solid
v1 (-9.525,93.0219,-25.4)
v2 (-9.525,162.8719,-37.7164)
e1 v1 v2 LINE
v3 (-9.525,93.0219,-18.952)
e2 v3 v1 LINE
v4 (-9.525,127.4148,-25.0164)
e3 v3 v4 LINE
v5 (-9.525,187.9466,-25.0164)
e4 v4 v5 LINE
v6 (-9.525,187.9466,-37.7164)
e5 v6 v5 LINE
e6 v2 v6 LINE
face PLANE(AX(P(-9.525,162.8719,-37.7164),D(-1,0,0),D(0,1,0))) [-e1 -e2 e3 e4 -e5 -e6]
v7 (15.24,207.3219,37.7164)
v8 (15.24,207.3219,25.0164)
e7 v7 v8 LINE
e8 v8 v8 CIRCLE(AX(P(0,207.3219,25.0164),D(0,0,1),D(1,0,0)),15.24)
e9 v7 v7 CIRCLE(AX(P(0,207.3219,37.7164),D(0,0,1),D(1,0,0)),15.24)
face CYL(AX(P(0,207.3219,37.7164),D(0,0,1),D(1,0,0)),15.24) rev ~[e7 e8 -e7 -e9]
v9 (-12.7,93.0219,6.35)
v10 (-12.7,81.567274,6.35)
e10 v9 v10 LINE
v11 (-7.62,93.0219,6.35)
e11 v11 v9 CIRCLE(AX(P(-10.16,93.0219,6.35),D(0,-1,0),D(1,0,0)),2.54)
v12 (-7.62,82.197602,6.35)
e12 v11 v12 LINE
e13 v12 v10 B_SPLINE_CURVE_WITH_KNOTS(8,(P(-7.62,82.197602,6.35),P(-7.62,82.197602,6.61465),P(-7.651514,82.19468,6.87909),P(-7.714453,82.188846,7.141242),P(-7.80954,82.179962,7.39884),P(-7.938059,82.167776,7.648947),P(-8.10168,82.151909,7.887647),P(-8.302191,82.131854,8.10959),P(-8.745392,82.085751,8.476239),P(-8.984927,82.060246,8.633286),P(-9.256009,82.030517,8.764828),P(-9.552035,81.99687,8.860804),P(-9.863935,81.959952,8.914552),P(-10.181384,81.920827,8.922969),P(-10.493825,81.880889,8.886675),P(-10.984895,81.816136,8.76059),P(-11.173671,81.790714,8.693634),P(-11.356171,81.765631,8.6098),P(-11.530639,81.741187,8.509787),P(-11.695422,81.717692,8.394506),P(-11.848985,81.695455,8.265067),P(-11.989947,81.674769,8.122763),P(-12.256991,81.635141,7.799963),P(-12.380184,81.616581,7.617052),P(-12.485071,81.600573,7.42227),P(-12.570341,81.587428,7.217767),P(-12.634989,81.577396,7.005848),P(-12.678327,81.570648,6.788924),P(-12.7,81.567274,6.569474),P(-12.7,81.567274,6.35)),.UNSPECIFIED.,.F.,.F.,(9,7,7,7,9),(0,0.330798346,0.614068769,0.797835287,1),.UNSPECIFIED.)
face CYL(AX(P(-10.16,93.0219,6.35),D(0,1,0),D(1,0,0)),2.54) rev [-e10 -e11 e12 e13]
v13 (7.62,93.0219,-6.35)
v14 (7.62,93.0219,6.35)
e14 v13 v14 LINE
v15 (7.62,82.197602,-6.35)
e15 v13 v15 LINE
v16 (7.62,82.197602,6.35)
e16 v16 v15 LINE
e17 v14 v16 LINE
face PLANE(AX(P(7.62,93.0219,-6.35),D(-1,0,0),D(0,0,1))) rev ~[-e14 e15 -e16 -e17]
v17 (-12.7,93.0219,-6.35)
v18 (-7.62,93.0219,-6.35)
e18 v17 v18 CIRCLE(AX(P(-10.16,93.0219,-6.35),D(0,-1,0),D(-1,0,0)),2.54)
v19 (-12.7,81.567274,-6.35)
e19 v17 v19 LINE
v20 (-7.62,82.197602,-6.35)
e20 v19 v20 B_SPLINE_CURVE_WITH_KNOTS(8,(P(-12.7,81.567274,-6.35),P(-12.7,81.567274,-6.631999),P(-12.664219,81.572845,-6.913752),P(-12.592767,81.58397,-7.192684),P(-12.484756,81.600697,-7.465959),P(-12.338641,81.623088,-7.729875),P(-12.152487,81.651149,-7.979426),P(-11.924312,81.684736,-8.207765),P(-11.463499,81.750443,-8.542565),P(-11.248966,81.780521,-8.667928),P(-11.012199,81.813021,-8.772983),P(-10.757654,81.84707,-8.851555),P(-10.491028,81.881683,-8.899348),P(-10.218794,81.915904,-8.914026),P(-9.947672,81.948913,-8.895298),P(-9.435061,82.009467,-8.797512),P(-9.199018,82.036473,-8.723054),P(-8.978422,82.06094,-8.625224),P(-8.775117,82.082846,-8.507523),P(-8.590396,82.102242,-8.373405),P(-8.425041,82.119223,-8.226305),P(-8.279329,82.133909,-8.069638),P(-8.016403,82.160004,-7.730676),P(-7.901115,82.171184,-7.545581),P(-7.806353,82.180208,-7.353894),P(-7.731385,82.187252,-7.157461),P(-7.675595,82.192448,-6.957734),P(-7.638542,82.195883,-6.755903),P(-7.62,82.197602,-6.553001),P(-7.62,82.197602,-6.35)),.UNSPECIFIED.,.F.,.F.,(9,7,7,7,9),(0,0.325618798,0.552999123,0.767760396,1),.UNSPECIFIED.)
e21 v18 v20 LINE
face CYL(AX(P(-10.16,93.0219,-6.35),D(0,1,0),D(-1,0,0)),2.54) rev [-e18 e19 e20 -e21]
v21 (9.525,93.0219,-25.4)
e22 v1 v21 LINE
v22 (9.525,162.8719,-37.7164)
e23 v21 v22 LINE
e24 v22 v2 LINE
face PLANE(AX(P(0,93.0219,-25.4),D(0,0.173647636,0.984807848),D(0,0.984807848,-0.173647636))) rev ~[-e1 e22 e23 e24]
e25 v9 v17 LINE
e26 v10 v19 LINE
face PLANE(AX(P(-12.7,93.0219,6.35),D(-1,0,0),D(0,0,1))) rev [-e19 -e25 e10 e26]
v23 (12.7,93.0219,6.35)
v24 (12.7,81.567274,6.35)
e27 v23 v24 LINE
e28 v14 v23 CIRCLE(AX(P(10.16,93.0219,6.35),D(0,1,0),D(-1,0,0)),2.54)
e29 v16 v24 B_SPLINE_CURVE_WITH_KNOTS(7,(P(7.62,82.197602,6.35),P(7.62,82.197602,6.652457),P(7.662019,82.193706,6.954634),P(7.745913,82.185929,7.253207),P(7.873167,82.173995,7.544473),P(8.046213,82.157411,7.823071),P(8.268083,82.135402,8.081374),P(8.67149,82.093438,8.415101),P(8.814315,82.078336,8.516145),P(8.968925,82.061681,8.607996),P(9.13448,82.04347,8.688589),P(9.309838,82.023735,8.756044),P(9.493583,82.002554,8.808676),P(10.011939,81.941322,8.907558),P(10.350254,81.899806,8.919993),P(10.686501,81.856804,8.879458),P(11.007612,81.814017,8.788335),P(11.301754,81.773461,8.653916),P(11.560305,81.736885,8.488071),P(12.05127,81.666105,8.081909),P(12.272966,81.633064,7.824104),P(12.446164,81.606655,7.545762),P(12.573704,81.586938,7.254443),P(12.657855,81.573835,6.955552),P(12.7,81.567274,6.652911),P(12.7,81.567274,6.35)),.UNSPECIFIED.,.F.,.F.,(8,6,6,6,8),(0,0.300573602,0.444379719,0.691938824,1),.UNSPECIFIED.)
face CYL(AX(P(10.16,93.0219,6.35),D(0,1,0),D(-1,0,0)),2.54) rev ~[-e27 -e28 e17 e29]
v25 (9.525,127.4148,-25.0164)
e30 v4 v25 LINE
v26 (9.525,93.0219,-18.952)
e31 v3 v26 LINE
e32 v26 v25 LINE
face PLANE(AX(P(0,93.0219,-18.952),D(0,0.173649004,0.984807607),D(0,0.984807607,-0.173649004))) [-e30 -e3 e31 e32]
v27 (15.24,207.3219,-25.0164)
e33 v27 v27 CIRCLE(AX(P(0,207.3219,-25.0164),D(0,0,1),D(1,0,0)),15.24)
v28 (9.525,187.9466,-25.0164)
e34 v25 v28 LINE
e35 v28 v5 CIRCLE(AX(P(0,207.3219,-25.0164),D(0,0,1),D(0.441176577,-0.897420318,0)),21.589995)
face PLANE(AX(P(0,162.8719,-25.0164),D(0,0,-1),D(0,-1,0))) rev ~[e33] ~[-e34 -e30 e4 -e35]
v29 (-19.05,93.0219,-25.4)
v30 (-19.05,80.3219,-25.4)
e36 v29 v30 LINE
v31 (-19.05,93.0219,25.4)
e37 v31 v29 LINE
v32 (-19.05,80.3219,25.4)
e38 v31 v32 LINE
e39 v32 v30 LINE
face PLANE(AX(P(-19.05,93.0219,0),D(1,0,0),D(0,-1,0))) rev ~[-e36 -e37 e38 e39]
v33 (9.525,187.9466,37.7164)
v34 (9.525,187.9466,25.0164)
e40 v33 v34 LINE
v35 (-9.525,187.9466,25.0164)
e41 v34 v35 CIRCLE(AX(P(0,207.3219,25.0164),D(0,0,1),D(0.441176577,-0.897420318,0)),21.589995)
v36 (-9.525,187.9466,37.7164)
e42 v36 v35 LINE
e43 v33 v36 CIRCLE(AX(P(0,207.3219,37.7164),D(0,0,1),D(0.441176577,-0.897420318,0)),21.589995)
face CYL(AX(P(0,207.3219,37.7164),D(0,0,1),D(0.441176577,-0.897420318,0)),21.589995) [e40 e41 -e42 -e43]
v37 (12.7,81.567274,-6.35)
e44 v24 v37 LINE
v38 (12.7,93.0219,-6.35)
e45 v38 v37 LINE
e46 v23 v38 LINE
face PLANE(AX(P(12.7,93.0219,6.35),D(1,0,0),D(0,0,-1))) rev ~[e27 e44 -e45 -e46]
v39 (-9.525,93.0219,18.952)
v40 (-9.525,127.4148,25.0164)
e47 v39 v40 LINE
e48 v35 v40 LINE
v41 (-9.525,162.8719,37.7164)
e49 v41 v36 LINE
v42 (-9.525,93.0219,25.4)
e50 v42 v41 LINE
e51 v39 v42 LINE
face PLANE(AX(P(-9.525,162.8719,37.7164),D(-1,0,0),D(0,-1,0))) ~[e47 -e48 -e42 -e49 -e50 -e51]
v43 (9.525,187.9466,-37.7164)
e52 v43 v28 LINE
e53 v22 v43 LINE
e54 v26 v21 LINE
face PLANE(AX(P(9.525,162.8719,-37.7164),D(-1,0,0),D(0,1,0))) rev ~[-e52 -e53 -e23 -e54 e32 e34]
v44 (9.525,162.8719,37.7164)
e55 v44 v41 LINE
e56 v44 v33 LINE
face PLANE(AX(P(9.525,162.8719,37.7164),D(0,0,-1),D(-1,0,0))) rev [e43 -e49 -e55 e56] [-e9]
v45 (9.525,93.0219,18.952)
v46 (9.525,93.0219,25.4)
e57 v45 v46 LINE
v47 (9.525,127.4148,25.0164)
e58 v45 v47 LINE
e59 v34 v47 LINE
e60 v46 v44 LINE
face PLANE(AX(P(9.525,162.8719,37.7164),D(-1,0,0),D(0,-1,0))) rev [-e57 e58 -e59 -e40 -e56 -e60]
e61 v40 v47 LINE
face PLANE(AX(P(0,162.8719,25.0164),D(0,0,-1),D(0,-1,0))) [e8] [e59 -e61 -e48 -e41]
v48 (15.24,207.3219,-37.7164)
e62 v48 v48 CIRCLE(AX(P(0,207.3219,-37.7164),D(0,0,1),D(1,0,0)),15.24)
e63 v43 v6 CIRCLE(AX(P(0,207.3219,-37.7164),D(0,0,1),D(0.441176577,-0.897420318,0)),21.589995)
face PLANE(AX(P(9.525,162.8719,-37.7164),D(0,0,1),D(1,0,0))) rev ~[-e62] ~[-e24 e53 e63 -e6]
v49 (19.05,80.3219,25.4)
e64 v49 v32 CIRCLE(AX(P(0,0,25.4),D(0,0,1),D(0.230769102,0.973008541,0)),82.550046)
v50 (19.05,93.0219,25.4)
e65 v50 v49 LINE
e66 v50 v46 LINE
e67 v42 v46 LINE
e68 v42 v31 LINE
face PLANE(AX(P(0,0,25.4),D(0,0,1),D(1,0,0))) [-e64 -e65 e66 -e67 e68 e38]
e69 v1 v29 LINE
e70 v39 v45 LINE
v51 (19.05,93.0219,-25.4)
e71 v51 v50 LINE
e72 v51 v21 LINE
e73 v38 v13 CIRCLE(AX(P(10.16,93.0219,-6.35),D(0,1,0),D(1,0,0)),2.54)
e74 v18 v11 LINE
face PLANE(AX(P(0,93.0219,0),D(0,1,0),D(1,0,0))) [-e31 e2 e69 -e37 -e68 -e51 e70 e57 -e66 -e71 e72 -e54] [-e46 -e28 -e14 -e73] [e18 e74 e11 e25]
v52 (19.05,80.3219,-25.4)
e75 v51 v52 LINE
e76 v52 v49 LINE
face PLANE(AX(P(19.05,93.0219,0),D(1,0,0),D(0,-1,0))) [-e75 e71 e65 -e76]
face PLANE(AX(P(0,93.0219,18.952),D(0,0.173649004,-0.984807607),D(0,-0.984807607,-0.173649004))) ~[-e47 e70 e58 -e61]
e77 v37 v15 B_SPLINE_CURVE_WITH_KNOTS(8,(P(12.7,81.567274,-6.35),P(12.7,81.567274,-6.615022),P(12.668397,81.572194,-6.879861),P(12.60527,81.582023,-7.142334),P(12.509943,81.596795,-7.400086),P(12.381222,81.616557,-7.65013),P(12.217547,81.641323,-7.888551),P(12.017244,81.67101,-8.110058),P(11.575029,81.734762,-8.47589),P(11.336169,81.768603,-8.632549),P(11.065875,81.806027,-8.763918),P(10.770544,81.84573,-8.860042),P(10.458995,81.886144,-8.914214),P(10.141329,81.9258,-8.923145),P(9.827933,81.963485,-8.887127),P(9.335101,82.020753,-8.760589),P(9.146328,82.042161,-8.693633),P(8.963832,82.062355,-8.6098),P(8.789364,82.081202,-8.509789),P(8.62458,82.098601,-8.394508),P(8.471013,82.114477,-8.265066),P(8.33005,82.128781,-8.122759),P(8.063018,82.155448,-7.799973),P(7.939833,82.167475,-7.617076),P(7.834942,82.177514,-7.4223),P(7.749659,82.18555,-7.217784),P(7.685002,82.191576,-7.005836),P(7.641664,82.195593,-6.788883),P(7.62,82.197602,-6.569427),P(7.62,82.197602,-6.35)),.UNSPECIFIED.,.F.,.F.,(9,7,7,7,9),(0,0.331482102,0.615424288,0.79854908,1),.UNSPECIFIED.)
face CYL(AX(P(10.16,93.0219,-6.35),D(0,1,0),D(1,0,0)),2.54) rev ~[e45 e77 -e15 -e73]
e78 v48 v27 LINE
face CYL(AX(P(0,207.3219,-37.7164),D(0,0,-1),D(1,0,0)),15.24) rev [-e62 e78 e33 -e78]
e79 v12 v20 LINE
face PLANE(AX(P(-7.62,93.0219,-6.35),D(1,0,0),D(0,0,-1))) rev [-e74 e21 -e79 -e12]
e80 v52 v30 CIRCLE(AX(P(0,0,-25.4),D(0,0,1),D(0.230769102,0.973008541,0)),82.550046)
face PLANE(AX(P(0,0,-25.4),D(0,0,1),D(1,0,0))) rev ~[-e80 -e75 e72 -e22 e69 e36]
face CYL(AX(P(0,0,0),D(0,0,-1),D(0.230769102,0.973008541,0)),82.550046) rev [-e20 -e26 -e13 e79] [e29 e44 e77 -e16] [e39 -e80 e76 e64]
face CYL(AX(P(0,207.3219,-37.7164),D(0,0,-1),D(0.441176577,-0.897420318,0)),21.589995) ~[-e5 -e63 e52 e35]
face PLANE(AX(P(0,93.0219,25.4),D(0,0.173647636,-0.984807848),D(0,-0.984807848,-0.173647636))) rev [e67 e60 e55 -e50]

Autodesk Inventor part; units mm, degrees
sketch "Sketch1" plane through (0, 0, 0) normal (0, 0, 1) x (1, 0, 0)
  arc A0 (19.05, 80.3219) -> (-19.05, 80.3219) centre (0, 0) ccw
  line L0 (0, 0) -> (0, 152.4) construction
  line L1 (0, 93.0219) -> (19.05, 93.0219)
  line L2 (19.05, 93.0219) -> (19.05, 80.3219)
  line L3 (0, 93.0219) -> (-19.05, 93.0219)
  line L4 (-19.05, 93.0219) -> (-19.05, 80.3219)
  dimension "telescopeTubeDiameter" = 165.1
  dimension "d1" = 152.4
  dimension "d2" = 19.05
  dimension "d3" = 12.7
extrude "Extrusion1" add sketch "Sketch1" along normal mid plane 50.8
sketch "Sketch2" plane through (-19.05, 93.0219, 25.4) normal (0, 1, 0) x (1, 0, 0)
  line L0 (38.1, 0) -> (0, 0) construction
  line L1 (19.05, 0) -> (19.05, 50.8) construction
  line L2 (0, 50.8) -> (38.1, 50.8) construction
  line L3 (0, 50.8) -> (0, 0) construction
  line L4 (0, 25.4) -> (38.1, 25.4) construction
  line L5 (38.1, 50.8) -> (38.1, 0) construction
  line L6 (29.21, 19.05) -> (29.21, 31.75) construction
  line L7 (31.75, 19.05) -> (31.75, 31.75)
  line L8 (26.67, 31.75) -> (26.67, 19.05)
  arc A0 (26.67, 19.05) -> (31.75, 19.05) centre (29.21, 19.05) ccw
  arc A1 (31.75, 31.75) -> (26.67, 31.75) centre (29.21, 31.75) ccw
  point P0 (19.05, 25.4)
  point P1 (29.21, 25.4)
  dimension "d6" = 0
  dimension "d7" = 10.16
  dimension "d8" = 6.35
  dimension "d11" = 5.08
extrude "Extrusion2" cut sketch "Sketch2" against normal through all
mirror "Mirror1" about plane through (0, 0, 0) normal (1, 0, 0) of "Extrusion2"
sketch "Sketch3" plane through (0, 0, 0) normal (1, 0, 0) x (0, 1, 0)
  line L0 (93.0219, 25.4) -> (93.0219, -25.4) projected
  line L1 (80.3219, -25.4) -> (93.0219, -25.4) projected
  line L2 (162.8719, -25.4) -> (162.8719, -37.137) construction
  line L3 (93.0219, -25.4) -> (162.8719, -37.7164)
  line L4 (93.0219, -25.4) -> (162.8719, -25.4) construction
  line L5 (93.0219, -18.952) -> (162.8719, -31.2685)
  line L6 (162.8719, -31.2685) -> (162.8719, -37.7164)
  point P0 (0, 0)
  dimension "d13" = 69.85
  dimension "d14" = 10
  dimension "d15" = 6.35
extrude "Extrusion3" add sketch "Sketch3" along normal mid plane 19.05
ref_plane "Work Plane1" through (9.525, 162.8719, -37.7164) normal (0, 0, 1) x (1, 0, 0)
sketch "Sketch4" plane through (9.525, 162.8719, -37.7164) normal (0, 0, 1) x (1, 0, 0)
  line L0 (0, 0) -> (-19.05, 0) projected
  line L1 (-19.05, 0) -> (0, 0) construction
  line L2 (-9.525, 0) -> (-9.525, 50.8) construction
  circle A0 centre (-9.525, 44.45) radius 15.24
  arc A1 (0, 25.0747) -> (-19.05, 25.0747) centre (-9.525, 44.45) ccw
  line L3 (0, 0) -> (0, 25.0747)
  line L4 (-19.05, 0) -> (-19.05, 25.0747)
  point P0 (-9.525, -162.8719)
  dimension "d18" = 50.8
  dimension "d19" = 30.48
  dimension "d20" = 6.35
  dimension "d25" = 44.45
extrude "Extrusion4" add sketch "Sketch4" along normal blind 12.7
sketch "Sketch7" plane through (0, 0, 0) normal (1, 0, 0) x (0, 1, 0)
  line L0 (93.0219, -18.952) -> (162.8719, -31.2685) projected
  line L1 (162.8719, -31.2685) -> (162.8719, -25.0164) projected
  line L2 (162.8719, -25.0164) -> (127.4148, -25.0164)
  line L3 (127.4148, -25.0164) -> (162.8719, -31.2685)
  line L4 (187.9465, -25.0164) -> (162.8719, -25.0164) projected
  line L5 (162.8719, -31.2685) -> (162.8719, -25.0164)
  point P0 (0, 0)
extrude "Extrusion5" add sketch "Sketch7" along normal mid plane 19.05
mirror "Mirror4" about plane through (0, 0, 0) normal (0, 0, 1) of "Extrusion4", "Extrusion3"
sketch "Sketch8" plane through (0, 0, 0) normal (1, 0, 0) x (0, 1, 0)
  line L0 (162.8719, 31.2685) -> (162.8719, 25.0164) projected
  line L1 (93.0219, 18.952) -> (162.8719, 31.2685) projected
  line L2 (162.8719, 25.0164) -> (127.4148, 25.0164)
  line L3 (127.4148, 25.0164) -> (162.8719, 31.2685)
  line L4 (162.8719, 31.2685) -> (162.8719, 25.0164)
  point P0 (0, 0)
extrude "Extrusion6" add sketch "Sketch8" along normal mid plane 19.05
ref_plane "Work Plane3" through (19.05, 80.3219, 25.4) normal (0, 1, 0) x (-1, 0, 0)
ref_plane "Work Plane4" through (0, 228.9119, -25.0164) normal (0, 1, 0) x (-1, 0, 0)
equation "\"d62\" = 0.125 * Sketch12_Pitch"
equation "\"Sketch12_Pitch\" = 0.79375"
equation "\"d64\" = 60deg"
equation "\"d101\" = 55deg"
equation "\"Sketch15_Pitch\" = 0.79375"
equation "\"d119\" = 55deg"
equation "\"Sketch17_Pitch\" = 0.79375"
equation "\"d137\" = 55deg"
equation "\"Sketch19_Pitch\" = 0.79375"
equation "\"d155\" = 55deg"
equation "\"Sketch21_Pitch\" = 0.79375"
equation "\"d173\" = 55deg"
equation "\"Sketch23_Pitch\" = 0.79375"
equation "\"d191\" = 55deg"
equation "\"Sketch25_Pitch\" = 0.79375"
properties part number "finderV02"
